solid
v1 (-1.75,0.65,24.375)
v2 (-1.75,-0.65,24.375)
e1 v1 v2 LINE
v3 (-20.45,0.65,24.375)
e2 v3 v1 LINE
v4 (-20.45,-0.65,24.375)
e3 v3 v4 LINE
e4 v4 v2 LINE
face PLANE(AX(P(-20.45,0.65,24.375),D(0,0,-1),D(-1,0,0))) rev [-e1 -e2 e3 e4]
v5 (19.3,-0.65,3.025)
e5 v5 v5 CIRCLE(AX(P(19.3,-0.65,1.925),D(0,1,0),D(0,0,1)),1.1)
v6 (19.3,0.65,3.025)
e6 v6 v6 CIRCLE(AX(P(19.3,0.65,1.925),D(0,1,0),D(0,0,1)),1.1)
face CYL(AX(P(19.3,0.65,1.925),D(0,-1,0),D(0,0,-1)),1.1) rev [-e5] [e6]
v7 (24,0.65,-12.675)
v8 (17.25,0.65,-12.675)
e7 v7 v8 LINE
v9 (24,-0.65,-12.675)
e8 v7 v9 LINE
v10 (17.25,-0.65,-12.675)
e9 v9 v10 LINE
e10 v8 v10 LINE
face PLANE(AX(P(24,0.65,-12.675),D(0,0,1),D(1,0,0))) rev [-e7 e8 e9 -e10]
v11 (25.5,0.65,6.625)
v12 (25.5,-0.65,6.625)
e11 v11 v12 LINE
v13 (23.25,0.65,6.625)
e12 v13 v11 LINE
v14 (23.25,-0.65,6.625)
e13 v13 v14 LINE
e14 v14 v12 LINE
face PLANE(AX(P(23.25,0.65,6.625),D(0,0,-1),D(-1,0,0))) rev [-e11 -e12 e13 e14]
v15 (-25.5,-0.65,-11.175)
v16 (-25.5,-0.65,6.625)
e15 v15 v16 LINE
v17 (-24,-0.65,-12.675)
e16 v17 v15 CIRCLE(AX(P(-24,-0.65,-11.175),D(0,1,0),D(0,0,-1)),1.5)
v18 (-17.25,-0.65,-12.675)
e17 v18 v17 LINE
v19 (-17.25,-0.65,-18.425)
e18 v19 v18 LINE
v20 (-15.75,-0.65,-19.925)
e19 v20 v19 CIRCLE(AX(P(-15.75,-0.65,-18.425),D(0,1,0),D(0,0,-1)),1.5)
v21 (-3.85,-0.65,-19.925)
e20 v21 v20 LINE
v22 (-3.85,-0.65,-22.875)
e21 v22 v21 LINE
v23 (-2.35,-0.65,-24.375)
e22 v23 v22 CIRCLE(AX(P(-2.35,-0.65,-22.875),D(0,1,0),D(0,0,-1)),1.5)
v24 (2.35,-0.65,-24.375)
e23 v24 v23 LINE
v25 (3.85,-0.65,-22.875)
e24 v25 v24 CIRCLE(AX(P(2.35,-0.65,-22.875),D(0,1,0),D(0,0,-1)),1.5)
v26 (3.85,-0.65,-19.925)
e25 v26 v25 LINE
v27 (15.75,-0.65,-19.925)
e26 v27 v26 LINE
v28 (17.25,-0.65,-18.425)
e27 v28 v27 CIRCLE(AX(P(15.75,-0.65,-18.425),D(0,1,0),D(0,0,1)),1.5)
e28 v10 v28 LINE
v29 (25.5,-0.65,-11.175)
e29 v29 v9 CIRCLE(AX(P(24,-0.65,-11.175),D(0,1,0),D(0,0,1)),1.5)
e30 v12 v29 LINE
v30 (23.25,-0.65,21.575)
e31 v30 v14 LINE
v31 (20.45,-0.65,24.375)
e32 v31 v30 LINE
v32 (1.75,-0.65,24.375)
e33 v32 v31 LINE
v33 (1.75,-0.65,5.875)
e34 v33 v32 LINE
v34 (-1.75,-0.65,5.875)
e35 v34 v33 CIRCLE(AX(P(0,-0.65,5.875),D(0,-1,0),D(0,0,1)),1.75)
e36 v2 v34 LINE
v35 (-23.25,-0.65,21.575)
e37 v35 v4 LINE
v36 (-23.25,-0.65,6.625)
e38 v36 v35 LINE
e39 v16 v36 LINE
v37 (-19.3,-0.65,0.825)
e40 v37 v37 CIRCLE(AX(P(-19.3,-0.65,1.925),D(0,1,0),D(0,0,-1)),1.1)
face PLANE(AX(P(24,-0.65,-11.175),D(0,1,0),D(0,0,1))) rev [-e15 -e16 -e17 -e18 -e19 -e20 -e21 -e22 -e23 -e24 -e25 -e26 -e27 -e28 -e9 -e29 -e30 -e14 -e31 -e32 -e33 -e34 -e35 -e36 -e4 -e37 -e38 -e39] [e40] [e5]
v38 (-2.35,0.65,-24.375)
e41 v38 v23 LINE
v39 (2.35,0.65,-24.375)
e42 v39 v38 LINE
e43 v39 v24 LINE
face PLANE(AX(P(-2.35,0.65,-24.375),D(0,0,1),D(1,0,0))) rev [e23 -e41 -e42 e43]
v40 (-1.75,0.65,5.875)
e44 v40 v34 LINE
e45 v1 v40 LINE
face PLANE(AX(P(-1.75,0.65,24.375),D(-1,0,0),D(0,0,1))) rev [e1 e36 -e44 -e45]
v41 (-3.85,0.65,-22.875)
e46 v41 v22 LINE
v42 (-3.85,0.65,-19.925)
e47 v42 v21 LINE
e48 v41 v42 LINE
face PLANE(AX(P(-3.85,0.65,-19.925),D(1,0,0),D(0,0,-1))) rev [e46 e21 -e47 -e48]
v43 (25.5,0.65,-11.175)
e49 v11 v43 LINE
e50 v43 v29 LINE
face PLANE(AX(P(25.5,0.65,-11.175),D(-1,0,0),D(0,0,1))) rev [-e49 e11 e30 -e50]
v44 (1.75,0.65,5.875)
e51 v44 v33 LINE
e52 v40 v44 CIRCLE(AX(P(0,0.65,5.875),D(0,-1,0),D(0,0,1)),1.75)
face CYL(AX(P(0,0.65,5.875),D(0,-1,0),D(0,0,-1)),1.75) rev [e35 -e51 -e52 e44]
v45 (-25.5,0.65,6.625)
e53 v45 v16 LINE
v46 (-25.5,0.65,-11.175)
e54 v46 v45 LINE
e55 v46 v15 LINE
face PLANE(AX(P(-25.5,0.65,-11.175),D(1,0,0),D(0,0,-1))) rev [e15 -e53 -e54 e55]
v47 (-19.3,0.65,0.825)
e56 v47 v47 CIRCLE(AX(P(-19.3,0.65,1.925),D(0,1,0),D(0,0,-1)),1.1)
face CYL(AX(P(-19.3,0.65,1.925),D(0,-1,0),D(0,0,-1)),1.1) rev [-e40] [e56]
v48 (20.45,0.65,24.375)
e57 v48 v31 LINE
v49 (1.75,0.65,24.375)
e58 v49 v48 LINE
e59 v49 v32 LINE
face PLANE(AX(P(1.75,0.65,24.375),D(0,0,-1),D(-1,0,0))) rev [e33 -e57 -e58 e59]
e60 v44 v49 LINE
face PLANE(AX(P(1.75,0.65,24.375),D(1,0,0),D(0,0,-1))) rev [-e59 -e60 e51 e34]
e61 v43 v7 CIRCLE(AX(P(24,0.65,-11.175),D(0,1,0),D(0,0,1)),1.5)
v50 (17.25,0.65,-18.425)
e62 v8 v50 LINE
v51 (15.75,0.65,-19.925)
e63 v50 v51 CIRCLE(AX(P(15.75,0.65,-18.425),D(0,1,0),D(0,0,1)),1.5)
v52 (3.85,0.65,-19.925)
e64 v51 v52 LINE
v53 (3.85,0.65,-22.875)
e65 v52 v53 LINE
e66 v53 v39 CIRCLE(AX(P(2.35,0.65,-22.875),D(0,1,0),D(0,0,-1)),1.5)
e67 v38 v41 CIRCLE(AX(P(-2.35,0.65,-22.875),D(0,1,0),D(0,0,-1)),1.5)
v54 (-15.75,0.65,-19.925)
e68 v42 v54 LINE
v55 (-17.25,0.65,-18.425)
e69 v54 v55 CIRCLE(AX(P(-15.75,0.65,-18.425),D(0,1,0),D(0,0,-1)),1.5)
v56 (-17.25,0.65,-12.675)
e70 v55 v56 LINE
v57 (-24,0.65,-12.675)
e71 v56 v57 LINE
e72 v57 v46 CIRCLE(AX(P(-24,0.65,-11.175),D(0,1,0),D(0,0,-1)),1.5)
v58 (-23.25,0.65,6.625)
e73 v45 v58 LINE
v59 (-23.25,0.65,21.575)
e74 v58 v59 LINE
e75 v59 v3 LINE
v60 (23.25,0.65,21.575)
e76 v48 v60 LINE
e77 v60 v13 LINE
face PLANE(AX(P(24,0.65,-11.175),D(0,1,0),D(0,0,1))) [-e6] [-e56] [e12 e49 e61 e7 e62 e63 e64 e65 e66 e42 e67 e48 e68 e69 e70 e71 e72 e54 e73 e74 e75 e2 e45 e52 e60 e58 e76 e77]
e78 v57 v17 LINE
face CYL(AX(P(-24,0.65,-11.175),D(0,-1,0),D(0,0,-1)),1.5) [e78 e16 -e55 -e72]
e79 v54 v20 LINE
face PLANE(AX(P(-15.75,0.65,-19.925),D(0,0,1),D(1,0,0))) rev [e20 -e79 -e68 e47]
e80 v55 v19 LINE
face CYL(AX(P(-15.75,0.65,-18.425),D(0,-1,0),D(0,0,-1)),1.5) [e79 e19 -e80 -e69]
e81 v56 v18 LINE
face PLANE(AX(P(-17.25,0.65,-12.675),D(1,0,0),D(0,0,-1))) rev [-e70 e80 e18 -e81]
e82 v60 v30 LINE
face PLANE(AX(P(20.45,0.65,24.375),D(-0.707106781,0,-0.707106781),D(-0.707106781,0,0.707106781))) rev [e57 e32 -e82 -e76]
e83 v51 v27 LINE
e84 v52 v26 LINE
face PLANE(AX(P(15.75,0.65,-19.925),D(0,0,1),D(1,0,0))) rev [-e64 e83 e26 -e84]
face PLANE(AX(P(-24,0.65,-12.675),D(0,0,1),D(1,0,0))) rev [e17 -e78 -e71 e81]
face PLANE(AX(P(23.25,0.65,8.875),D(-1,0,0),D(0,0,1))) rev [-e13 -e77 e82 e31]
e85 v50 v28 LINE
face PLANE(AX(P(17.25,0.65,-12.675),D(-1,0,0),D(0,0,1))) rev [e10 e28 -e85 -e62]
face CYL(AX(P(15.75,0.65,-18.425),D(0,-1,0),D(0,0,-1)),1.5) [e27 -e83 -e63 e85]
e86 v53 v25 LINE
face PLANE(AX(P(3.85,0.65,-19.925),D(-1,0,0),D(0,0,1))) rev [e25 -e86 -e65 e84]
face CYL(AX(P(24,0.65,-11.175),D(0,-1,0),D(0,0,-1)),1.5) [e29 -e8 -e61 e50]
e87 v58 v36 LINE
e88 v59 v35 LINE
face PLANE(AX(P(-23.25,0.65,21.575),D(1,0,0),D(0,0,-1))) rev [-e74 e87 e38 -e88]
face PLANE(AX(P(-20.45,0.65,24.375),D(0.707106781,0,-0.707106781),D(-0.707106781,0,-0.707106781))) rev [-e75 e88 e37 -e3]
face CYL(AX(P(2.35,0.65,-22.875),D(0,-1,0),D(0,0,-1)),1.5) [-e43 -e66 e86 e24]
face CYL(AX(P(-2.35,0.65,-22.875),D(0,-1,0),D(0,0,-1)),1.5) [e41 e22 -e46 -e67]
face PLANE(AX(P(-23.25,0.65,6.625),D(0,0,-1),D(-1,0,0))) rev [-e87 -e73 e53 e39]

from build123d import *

# Parameters (mm, degrees)
SKETCH1_R           = 1.1
BOSS_EXTRUDE1_DEPTH = 0.65


with BuildPart() as part:
    # Sketch1 → Boss-Extrude1 (new, symmetric)
    with BuildSketch(Plane(origin=(0, 0, 0), x_dir=(1, 0, 0), z_dir=(0, 1, 0))):
        with BuildLine():
            Line((20.45, -24.375), (23.25, -21.575))
            Line((23.25, -21.575), (23.25, -8.875))
            Line((23.25, -8.875), (23.25, -6.625))
            Line((23.25, -6.625), (25.5, -6.625))
            Line((25.5, -6.625), (25.5, 11.175))
            ThreePointArc((25.5, 11.175), (25.060660172, 12.235660172), (24, 12.675))
            Line((24, 12.675), (17.25, 12.675))
            Line((17.25, 12.675), (17.25, 18.425))
            ThreePointArc((17.25, 18.425), (16.810660172, 19.485660172), (15.75, 19.925))
            Line((15.75, 19.925), (3.85, 19.925))
            Line((3.85, 19.925), (3.85, 22.875))
            ThreePointArc((3.85, 22.875), (3.410660172, 23.935660172), (2.35, 24.375))
            Line((2.35, 24.375), (-2.35, 24.375))
            ThreePointArc((-2.35, 24.375), (-3.410660172, 23.935660172), (-3.85, 22.875))
            Line((-3.85, 22.875), (-3.85, 19.925))
            Line((-3.85, 19.925), (-15.75, 19.925))
            ThreePointArc((-15.75, 19.925), (-16.810660172, 19.485660172), (-17.25, 18.425))
            Line((-17.25, 18.425), (-17.25, 12.675))
            Line((-17.25, 12.675), (-24, 12.675))
            ThreePointArc((-24, 12.675), (-25.060660172, 12.235660172), (-25.5, 11.175))
            Line((-25.5, 11.175), (-25.5, -6.625))
            Line((-25.5, -6.625), (-23.25, -6.625))
            Line((-23.25, -6.625), (-23.25, -8.875))
            Line((-23.25, -8.875), (-23.25, -21.575))
            Line((-23.25, -21.575), (-20.45, -24.375))
            Line((-20.45, -24.375), (-1.75, -24.375))
            Line((-1.75, -24.375), (-1.75, -5.875))
            ThreePointArc((-1.75, -5.875), (0, -4.125), (1.75, -5.875))
            Line((1.75, -5.875), (1.75, -24.375))
            Line((1.75, -24.375), (20.45, -24.375))
        make_face()
        with Locations(Location((19.3, -1.925, 0), (0, 0, 270))):
            Circle(SKETCH1_R, mode=Mode.SUBTRACT)
        with Locations(Location((-19.3, -1.925, 0), (0, 0, 90))):
            Circle(SKETCH1_R, mode=Mode.SUBTRACT)
    extrude(amount=BOSS_EXTRUDE1_DEPTH, both=True)


solid = part.part
